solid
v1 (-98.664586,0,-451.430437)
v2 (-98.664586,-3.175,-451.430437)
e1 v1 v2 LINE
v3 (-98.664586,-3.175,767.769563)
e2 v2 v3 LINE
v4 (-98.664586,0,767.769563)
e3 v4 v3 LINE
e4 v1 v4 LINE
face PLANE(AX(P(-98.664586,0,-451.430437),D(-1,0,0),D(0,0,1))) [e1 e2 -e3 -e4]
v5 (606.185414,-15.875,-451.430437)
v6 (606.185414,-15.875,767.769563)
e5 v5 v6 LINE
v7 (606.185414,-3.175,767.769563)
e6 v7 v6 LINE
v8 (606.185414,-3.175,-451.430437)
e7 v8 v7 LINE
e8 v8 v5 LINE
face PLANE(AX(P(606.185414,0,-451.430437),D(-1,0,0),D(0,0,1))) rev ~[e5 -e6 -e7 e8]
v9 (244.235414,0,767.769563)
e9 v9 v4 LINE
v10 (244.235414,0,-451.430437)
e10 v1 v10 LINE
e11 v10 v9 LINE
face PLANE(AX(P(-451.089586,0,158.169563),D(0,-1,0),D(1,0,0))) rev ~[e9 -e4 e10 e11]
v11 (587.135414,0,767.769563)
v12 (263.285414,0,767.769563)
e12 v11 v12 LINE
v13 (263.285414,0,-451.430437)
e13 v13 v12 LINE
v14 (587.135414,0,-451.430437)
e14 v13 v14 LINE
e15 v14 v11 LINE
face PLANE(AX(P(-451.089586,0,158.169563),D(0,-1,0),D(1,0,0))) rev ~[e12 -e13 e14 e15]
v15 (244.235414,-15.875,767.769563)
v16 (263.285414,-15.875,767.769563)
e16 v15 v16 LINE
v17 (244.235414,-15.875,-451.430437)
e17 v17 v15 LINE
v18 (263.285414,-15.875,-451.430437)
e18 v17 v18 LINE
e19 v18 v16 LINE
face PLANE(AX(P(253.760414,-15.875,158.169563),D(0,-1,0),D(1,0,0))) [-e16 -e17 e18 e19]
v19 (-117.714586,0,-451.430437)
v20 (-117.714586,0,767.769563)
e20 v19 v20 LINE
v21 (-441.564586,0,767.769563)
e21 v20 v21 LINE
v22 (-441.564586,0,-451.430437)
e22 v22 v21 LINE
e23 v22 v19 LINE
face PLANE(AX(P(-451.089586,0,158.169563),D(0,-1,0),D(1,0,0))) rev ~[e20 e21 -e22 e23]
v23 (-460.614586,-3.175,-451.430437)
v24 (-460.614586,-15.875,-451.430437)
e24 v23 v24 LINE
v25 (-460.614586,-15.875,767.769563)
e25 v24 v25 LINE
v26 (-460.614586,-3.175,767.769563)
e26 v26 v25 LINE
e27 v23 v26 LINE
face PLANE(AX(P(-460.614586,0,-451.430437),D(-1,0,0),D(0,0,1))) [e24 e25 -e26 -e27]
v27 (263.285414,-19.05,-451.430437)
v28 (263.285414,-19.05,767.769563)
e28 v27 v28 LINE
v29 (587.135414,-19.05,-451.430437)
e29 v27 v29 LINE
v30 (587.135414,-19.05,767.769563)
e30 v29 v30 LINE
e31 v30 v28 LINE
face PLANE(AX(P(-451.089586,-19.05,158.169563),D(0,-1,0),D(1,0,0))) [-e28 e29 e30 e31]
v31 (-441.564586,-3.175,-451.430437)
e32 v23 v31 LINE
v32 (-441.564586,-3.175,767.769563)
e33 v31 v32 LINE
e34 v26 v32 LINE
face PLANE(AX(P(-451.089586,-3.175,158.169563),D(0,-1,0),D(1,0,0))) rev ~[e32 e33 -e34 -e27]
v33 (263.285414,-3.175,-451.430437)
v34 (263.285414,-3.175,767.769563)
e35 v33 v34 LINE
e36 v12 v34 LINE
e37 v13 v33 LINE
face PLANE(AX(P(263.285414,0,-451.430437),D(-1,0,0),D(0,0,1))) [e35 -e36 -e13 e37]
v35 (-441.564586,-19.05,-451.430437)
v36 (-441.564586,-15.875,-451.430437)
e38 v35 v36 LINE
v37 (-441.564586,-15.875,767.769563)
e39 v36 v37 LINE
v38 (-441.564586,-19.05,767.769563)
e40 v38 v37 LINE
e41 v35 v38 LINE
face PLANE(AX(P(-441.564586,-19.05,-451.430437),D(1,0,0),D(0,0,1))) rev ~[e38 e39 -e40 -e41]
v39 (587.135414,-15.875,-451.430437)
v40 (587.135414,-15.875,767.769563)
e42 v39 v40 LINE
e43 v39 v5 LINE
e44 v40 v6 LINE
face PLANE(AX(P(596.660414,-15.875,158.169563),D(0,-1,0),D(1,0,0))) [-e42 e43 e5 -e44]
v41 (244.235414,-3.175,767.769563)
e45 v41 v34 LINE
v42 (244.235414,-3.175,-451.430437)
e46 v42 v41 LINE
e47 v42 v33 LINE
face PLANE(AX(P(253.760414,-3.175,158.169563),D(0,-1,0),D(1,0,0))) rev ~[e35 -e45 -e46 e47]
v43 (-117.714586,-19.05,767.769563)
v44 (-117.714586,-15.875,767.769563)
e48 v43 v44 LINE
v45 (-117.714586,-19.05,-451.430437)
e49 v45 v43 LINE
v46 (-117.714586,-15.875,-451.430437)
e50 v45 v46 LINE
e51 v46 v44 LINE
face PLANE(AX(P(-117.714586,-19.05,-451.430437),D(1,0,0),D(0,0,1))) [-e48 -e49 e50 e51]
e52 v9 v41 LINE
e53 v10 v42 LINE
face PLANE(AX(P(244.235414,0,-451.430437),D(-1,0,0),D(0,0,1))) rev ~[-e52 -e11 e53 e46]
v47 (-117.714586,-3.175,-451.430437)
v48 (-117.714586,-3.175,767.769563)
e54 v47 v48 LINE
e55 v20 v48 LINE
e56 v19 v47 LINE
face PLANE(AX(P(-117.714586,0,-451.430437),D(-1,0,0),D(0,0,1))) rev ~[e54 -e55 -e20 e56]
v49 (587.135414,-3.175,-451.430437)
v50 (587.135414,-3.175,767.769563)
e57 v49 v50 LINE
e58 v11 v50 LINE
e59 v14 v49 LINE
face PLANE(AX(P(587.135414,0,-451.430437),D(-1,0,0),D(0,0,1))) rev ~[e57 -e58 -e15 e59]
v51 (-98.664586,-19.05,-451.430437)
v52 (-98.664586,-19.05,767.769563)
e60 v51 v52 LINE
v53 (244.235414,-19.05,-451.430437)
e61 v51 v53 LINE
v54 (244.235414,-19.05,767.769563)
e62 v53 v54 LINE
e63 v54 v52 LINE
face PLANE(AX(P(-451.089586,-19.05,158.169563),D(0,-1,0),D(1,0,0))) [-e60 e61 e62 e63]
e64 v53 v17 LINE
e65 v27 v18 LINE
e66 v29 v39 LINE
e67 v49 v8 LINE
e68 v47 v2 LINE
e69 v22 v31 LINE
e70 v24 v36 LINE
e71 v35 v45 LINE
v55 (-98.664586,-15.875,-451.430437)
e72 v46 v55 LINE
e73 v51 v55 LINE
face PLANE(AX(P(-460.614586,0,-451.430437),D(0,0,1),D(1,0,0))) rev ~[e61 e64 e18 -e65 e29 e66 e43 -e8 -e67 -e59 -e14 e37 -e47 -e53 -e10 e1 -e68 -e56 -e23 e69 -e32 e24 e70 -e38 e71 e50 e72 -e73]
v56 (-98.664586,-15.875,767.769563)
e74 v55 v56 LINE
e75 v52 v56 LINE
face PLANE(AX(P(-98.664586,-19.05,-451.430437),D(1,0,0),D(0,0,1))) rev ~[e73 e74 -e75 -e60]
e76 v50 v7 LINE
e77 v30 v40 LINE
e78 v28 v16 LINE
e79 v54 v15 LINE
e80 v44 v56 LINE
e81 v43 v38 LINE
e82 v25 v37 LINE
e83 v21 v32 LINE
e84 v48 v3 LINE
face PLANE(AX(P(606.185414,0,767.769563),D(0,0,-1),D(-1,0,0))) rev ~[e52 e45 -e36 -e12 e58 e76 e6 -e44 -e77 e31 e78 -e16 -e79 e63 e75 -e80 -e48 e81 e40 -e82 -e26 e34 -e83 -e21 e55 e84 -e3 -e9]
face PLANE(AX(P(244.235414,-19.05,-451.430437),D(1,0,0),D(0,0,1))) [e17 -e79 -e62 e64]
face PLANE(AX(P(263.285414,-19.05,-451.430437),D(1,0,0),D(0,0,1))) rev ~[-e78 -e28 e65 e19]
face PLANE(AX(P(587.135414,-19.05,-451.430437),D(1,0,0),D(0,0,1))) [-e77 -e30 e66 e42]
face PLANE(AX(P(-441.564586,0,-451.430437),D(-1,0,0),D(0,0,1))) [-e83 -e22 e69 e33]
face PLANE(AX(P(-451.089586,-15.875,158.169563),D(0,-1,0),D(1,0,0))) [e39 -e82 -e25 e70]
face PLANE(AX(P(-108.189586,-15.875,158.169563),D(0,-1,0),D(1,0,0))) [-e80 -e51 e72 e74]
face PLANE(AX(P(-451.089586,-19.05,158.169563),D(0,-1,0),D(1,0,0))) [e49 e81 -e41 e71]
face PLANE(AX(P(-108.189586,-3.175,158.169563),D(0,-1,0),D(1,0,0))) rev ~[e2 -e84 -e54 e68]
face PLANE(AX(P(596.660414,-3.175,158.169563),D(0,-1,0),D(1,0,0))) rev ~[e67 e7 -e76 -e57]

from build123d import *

# Parameters (mm, degrees)
F0_W     = 19.05
F0_H     = 1219.2
F0_W_2   = 323.85
F0_W_3   = 342.9
F1_DEPTH = 19.05
F2_DEPTH = 3.175
F3_W     = 19.05
F3_H     = 1219.2
F4_DEPTH = 3.175


with BuildPart() as f1:
    # F0 (on Front) → F1 (new body)
    with BuildSketch(Plane.XZ):
        with Locations((-451.089586, 158.169563)):
            Rectangle(F0_W, F0_H)
        with Locations((-279.639586, 158.169563)):
            Rectangle(F0_W_2, F0_H)
        with Locations((-108.189586, 158.169563)):
            Rectangle(F0_W, F0_H)
        with Locations((72.785414, 158.169563)):
            Rectangle(F0_W_3, F0_H)
        with Locations((253.760414, 158.169563)):
            Rectangle(F0_W, F0_H)
        with Locations((425.210414, 158.169563)):
            Rectangle(F0_W_2, F0_H)
        with Locations((596.660414, 158.169563)):
            Rectangle(F0_W, F0_H)
    extrude(amount=F1_DEPTH)

    # F0 (on Front) → F2 (cut)
    with BuildSketch(Plane.XZ):
        with Locations((596.660414, 158.169563)):
            Rectangle(F0_W, F0_H)
        with Locations((-451.089586, 158.169563)):
            Rectangle(F0_W, F0_H)
        with Locations((253.760414, 158.169563)):
            Rectangle(F0_W, F0_H)
        with Locations((-108.189586, 158.169563)):
            Rectangle(F0_W, F0_H)
    extrude(amount=F2_DEPTH, mode=Mode.SUBTRACT)

    # F3 (on face) → F4 (cut)
    with BuildSketch(Plane.XZ.offset(19.05)):
        with Locations((596.660414, 158.169563)):
            Rectangle(F3_W, F3_H)
        with Locations((-451.089586, 158.169563)):
            Rectangle(F3_W, F3_H)
        with Locations((-108.189586, 158.169563)):
            Rectangle(F3_W, F3_H)
        with Locations((253.760414, 158.169563)):
            Rectangle(F3_W, F3_H)
    extrude(amount=-F4_DEPTH, mode=Mode.SUBTRACT)


solid = f1.part
